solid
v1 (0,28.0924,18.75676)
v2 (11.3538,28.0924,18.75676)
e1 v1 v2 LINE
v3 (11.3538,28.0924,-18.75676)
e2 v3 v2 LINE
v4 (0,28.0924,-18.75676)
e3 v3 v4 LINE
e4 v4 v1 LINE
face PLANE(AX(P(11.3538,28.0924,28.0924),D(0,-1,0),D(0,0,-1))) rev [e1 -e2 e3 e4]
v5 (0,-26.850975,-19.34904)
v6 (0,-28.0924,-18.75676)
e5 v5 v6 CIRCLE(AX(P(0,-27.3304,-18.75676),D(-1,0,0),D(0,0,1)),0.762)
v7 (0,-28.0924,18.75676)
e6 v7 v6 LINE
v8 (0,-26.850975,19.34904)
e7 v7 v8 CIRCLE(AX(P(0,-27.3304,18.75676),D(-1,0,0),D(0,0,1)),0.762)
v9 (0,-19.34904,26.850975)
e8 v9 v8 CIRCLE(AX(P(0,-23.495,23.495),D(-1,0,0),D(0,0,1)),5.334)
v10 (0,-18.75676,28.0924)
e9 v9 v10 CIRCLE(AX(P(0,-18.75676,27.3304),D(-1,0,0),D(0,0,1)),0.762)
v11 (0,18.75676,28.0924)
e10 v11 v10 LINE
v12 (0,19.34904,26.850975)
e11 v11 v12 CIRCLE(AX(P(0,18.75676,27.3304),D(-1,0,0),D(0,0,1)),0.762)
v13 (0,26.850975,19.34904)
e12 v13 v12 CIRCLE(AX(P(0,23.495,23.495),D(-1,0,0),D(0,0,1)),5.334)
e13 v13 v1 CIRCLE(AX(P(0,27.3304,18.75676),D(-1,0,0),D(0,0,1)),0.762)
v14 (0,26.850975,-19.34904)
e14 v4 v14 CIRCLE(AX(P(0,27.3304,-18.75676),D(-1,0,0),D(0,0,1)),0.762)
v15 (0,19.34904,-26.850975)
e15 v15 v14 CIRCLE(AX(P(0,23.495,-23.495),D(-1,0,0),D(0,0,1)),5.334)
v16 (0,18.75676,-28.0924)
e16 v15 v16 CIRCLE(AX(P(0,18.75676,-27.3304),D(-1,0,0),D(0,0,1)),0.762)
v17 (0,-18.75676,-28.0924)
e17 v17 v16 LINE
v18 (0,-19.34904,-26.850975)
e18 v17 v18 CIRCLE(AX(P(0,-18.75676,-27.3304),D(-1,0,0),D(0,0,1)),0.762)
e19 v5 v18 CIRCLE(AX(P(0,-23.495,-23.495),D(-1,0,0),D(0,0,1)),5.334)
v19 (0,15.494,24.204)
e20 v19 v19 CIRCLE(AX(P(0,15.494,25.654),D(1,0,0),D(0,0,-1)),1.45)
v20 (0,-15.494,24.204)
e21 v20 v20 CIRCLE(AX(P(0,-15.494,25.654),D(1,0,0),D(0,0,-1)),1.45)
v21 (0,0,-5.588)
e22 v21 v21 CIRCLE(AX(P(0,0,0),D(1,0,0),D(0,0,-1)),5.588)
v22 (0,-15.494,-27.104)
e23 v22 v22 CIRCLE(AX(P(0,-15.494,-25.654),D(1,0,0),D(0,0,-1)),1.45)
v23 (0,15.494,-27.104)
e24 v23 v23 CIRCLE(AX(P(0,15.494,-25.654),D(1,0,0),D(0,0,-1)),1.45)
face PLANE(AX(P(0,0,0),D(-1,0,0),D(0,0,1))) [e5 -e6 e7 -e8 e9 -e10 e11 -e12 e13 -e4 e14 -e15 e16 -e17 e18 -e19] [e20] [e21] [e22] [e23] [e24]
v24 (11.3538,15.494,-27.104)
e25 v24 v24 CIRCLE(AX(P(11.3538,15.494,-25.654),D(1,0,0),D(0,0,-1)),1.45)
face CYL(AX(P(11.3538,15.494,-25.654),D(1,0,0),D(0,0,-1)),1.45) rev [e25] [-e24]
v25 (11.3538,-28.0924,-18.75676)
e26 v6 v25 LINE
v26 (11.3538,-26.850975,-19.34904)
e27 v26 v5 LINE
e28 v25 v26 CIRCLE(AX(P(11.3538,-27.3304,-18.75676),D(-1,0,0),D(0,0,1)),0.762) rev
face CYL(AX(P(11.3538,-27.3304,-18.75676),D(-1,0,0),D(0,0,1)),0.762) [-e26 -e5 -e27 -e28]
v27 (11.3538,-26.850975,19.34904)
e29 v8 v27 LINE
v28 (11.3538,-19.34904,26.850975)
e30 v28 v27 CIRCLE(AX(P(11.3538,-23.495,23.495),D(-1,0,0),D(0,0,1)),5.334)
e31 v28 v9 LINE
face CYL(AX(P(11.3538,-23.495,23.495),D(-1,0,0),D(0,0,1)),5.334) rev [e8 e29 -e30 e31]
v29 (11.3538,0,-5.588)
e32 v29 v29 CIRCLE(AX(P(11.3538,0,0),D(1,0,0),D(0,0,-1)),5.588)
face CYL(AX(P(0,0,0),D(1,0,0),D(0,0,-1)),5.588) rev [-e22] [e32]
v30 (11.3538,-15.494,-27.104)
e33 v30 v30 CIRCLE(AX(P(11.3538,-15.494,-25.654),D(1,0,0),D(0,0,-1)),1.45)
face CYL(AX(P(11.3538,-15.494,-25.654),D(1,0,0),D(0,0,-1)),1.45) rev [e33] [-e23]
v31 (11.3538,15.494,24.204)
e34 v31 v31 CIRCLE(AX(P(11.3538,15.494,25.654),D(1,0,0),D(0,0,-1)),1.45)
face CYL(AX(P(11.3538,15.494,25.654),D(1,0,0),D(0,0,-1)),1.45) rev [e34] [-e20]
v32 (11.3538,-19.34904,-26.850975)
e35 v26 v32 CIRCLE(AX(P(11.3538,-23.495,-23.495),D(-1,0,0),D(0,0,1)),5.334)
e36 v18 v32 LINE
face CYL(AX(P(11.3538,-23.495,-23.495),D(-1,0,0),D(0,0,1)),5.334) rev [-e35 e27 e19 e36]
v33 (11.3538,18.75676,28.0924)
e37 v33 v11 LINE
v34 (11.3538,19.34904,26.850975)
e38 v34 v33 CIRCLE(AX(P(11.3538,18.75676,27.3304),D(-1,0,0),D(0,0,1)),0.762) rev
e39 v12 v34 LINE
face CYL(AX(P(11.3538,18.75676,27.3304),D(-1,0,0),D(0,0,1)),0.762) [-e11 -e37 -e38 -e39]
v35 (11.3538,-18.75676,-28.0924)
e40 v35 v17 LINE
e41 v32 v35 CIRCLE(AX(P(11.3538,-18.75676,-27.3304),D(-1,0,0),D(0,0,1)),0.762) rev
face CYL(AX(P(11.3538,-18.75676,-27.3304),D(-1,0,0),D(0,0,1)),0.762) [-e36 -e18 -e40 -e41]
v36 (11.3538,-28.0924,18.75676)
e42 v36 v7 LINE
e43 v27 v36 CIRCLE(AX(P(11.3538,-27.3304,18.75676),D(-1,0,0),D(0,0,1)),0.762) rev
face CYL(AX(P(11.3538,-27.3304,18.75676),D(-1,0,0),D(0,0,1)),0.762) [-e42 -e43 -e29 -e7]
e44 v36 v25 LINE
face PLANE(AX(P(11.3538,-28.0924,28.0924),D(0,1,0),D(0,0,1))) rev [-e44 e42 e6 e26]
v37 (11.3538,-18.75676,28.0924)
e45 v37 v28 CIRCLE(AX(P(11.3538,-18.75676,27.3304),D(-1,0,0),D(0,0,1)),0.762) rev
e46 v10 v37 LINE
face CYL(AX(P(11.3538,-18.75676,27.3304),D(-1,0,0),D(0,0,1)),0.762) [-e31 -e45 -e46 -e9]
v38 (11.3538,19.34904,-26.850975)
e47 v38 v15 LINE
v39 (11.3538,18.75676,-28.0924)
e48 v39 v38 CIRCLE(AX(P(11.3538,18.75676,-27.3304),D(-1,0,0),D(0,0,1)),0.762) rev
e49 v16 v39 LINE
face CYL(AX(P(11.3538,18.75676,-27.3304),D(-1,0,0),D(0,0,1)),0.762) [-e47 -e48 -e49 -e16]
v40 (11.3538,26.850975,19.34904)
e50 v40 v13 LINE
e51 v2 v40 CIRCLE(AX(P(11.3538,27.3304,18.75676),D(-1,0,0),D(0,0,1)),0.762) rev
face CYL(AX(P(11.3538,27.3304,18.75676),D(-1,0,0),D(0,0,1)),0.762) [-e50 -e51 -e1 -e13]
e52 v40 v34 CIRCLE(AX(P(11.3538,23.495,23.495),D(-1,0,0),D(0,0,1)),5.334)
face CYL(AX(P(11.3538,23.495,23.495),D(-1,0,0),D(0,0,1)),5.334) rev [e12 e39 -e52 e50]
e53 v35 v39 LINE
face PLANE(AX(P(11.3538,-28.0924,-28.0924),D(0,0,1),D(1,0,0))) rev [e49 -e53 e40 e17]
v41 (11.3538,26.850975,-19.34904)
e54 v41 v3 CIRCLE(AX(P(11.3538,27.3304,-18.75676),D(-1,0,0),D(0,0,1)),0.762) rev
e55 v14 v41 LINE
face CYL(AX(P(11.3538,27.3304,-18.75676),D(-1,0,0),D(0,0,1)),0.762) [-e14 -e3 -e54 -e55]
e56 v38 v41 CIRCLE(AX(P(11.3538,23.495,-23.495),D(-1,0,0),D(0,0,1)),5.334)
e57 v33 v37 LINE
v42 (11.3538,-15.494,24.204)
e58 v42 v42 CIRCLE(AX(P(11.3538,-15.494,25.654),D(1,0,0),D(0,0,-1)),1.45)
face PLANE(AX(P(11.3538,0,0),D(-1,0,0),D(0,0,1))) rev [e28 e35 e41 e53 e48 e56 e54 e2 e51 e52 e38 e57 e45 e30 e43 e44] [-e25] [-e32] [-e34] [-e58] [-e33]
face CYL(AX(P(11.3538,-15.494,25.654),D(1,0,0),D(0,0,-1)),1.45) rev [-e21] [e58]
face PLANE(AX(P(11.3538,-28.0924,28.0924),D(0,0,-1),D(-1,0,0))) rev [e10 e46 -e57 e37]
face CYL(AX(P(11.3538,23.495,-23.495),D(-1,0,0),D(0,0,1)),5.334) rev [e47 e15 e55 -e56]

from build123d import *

# Parameters (mm, degrees)
SKETCH1_W               = 56.1848
SKETCH1_H               = 56.1848
BOSS_EXTRUDE1_DEPTH     = 11.3538
SKETCH2_R               = 2.54
CUT_EXTRUDE1_DEPTH      = 42.31918017
FILLET1_R               = 3.175
SKETCH7_R               = 5.334
CUT_EXTRUDE5_DEPTH      = 42.31918017
FILLET4_R               = 0.762
M3_5X0_6_TAPPED_HOLE1_D = 2.9
SKETCH11_R              = 5.588
CUT_EXTRUDE6_DEPTH      = 42.31918017


with BuildPart() as part:
    # Sketch1 → Boss-Extrude1 (new body)
    with BuildSketch(Plane(origin=(0, 0, 0), x_dir=(0, 0, -1), z_dir=(1, 0, 0))):
        Rectangle(SKETCH1_W, SKETCH1_H)
    extrude(amount=BOSS_EXTRUDE1_DEPTH)

    # Sketch2 → Cut-Extrude1 (cut, through all)
    with BuildSketch(Plane(origin=(11.3538, 0, 0), x_dir=(0, 0, -1), z_dir=(1, 0, 0))):
        with Locations((-23.495, 23.495)):
            Circle(SKETCH2_R)
        with Locations(Location((23.495, 23.495, 0), (0, 0, 180))):
            Circle(SKETCH2_R)
        with Locations((23.495, -23.495)):
            Circle(SKETCH2_R)
        with Locations(Location((-23.495, -23.495, 0), (0, 0, 180))):
            Circle(SKETCH2_R)
    extrude(amount=-CUT_EXTRUDE1_DEPTH, mode=Mode.SUBTRACT)

    # Fillet1
    fillet1_edges = [part.edges().sort_by_distance(p)[0] for p in [
        (5.6769, -28.0924, -28.0924),
        (5.6769, -28.0924, 28.0924),
        (5.6769, 28.0924, 28.0924),
        (5.6769, 28.0924, -28.0924),
    ]]
    fillet(fillet1_edges, radius=FILLET1_R)

    # Sketch7 → Cut-Extrude5 (cut, through all)
    with BuildSketch(Plane.ZY):
        with Locations((-23.495, 23.495)):
            Circle(SKETCH7_R)
        with Locations((23.495, 23.495)):
            Circle(SKETCH7_R)
        with Locations((23.495, -23.495)):
            Circle(SKETCH7_R)
        with Locations((-23.495, -23.495)):
            Circle(SKETCH7_R)
    extrude(amount=-CUT_EXTRUDE5_DEPTH, mode=Mode.SUBTRACT)

    # Fillet4
    fillet4_edges = [part.edges().sort_by_distance(p)[0] for p in [
        (5.6769, 20.790287586, -28.0924),
        (5.6769, 28.0924, -20.790287586),
        (5.6769, 28.0924, 20.790287586),
        (5.6769, 20.790287586, 28.0924),
        (5.6769, -20.790287586, 28.0924),
        (5.6769, -28.0924, 20.790287586),
        (5.6769, -20.790287586, -28.0924),
        (5.6769, -28.0924, -20.790287586),
    ]]
    fillet(fillet4_edges, radius=FILLET4_R)

    # M3.5x0.6 Tapped Hole1 (through all)
    with Locations(Plane(origin=(11.3538, 0, 0), x_dir=(0, 0, -1), z_dir=(1, 0, 0))):
        with Locations((-25.654, 15.494), (25.654, 15.494), (25.654, -15.494), (-25.654, -15.494)):
            Hole(M3_5X0_6_TAPPED_HOLE1_D / 2)

    # Sketch11 → Cut-Extrude6 (cut, through all)
    with BuildSketch(Plane(origin=(11.3538, 0, 0), x_dir=(0, 0, -1), z_dir=(1, 0, 0))):
        Circle(SKETCH11_R)
    extrude(amount=-CUT_EXTRUDE6_DEPTH, mode=Mode.SUBTRACT)


solid = part.part
